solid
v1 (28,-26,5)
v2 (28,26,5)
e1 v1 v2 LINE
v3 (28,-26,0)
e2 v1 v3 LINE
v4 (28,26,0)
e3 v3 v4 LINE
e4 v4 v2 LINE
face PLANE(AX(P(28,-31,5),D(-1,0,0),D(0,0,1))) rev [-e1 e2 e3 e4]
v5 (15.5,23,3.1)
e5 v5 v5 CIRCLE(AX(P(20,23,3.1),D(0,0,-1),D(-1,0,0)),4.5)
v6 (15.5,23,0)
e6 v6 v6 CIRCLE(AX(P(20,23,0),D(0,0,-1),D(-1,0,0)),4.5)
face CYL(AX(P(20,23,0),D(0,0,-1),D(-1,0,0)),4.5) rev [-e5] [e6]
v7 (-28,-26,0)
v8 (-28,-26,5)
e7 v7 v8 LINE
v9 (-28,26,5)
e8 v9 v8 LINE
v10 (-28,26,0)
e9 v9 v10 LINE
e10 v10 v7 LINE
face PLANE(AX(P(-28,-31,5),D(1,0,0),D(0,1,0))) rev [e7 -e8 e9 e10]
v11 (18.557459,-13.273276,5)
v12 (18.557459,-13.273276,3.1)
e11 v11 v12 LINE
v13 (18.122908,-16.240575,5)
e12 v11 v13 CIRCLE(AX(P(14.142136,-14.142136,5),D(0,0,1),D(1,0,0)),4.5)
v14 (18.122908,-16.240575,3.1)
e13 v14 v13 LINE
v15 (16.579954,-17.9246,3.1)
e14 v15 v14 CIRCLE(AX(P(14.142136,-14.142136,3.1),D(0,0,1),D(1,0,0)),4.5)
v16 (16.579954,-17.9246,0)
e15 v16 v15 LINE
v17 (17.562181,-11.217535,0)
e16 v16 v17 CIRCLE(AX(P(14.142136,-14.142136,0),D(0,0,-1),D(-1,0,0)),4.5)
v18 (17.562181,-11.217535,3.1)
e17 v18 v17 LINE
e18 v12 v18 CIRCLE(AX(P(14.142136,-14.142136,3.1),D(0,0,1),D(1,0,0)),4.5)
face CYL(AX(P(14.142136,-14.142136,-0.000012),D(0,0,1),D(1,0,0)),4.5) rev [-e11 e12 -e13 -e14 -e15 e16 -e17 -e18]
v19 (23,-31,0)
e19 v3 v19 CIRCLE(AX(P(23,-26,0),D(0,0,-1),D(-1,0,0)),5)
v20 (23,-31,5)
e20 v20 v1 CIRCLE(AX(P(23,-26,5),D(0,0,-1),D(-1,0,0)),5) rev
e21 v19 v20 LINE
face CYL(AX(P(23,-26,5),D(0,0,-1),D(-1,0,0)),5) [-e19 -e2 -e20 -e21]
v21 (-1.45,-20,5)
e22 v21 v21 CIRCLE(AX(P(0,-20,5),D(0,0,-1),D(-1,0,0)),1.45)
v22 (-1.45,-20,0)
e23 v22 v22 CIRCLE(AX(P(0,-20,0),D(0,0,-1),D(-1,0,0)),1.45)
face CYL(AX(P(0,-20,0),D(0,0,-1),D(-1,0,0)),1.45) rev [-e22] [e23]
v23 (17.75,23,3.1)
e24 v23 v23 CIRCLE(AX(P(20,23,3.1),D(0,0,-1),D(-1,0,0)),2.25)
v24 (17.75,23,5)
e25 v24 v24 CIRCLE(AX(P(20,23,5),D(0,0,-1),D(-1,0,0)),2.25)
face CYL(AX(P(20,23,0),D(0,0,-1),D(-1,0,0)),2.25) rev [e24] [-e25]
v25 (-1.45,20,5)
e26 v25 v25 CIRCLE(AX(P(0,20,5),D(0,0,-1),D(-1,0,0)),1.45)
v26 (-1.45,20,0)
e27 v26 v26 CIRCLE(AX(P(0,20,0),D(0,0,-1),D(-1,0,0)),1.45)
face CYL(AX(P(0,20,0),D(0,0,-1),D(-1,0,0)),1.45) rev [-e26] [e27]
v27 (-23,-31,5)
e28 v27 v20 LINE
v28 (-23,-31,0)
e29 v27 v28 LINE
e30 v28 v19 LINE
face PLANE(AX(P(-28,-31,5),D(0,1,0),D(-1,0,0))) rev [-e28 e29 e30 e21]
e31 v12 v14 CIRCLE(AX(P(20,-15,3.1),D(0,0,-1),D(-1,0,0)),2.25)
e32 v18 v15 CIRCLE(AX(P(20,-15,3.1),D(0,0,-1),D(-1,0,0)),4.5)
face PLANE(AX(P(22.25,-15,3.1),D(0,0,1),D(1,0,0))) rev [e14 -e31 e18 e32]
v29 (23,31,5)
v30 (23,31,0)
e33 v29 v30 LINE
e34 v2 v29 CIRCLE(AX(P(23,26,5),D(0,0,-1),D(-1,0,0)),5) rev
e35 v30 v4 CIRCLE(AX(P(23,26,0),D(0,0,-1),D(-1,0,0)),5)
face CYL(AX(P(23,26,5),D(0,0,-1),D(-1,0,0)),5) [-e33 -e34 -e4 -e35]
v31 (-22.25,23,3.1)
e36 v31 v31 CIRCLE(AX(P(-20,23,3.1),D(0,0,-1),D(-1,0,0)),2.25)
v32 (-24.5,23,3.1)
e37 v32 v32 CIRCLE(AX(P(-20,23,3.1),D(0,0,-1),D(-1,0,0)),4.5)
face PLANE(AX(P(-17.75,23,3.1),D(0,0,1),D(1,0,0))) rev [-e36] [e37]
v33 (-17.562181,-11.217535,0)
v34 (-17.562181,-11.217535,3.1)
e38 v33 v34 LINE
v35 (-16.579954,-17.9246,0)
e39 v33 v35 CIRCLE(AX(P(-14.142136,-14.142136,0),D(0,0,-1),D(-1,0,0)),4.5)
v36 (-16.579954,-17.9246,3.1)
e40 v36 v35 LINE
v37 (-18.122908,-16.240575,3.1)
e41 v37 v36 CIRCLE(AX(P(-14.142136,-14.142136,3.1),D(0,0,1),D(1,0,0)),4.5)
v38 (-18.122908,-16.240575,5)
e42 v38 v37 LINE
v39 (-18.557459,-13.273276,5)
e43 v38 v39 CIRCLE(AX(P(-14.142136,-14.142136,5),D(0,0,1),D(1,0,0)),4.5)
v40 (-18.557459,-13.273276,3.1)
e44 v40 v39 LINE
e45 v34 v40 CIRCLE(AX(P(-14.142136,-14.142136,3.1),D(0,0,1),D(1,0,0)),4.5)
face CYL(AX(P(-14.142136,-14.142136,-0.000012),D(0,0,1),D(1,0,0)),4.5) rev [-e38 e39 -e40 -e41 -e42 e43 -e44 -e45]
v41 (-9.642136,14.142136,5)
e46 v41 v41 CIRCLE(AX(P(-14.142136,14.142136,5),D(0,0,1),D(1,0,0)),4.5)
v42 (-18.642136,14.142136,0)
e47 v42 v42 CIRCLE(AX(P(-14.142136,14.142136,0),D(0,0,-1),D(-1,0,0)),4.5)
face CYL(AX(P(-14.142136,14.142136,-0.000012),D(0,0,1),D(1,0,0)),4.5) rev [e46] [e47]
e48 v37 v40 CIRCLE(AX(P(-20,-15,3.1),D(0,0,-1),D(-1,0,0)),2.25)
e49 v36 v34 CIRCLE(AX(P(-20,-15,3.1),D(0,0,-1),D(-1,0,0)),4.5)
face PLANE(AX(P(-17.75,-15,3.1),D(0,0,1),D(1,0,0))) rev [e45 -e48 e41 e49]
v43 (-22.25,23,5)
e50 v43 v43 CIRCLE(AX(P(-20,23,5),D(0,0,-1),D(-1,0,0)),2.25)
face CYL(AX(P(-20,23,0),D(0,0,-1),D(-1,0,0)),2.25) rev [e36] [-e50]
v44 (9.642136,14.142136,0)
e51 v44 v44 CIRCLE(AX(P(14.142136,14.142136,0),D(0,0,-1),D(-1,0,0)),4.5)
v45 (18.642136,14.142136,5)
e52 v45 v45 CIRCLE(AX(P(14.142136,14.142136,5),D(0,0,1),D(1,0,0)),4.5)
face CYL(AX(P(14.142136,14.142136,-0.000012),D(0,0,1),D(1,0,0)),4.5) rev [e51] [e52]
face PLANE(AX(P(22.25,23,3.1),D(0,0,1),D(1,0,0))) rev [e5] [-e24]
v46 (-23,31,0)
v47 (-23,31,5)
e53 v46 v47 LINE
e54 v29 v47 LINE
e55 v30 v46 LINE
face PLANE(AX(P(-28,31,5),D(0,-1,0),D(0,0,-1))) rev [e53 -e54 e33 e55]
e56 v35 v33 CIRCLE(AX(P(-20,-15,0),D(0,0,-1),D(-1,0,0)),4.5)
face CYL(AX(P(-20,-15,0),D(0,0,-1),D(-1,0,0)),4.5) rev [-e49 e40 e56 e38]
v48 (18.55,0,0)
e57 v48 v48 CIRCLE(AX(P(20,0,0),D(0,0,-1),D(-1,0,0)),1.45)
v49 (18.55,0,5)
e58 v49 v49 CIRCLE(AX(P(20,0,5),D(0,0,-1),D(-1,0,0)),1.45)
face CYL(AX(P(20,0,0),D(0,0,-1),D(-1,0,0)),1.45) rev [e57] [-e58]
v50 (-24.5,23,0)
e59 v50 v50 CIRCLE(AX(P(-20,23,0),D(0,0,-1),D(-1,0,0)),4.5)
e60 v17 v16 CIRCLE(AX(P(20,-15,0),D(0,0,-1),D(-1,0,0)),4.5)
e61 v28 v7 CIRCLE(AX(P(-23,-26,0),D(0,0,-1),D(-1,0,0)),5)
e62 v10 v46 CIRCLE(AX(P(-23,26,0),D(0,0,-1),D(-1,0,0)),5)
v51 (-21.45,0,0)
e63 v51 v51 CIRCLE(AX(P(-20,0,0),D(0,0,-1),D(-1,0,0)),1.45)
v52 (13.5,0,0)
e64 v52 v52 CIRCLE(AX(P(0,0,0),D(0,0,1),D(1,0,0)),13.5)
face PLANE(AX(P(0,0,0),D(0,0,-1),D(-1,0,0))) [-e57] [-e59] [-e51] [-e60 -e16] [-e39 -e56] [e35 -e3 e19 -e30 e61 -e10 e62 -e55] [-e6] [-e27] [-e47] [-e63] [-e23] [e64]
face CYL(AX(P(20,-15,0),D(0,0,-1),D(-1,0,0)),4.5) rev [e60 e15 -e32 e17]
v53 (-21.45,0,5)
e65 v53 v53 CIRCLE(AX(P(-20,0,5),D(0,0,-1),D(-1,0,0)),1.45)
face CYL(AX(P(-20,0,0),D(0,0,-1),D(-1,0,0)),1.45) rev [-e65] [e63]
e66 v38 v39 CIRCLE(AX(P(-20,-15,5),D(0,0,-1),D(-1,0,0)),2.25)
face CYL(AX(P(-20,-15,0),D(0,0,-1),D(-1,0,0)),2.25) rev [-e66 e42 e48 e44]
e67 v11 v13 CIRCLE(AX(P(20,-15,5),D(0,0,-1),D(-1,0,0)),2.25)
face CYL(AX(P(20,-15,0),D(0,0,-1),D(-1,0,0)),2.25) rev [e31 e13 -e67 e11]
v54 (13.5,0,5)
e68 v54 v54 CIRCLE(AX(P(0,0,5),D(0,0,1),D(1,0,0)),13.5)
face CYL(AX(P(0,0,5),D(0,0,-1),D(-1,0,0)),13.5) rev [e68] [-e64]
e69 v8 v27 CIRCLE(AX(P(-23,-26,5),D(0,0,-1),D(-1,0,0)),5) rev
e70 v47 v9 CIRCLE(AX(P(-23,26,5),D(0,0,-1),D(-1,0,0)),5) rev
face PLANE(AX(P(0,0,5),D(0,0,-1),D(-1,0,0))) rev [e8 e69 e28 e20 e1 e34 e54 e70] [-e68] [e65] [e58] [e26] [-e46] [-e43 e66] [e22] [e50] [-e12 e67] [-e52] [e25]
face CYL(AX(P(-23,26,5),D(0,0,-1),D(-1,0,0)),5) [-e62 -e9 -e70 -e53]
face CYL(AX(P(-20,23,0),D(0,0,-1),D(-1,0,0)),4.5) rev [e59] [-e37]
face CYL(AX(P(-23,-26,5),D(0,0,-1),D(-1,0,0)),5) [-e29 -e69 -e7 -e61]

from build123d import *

# Parameters (mm, degrees)
SKETCH1_W                                        = 56
SKETCH1_H                                        = 62
SKETCH1_R                                        = 13.5
BOSS_EXTRUDE1_DEPTH                              = 5
M2_5_CLEARANCE_HOLE1_D                           = 2.9
CBORE_FOR_M4_PAN_HEAD_MACHINE_SCREW1_D           = 4.5
CBORE_FOR_M4_PAN_HEAD_MACHINE_SCREW1_CBORE_D     = 9
CBORE_FOR_M4_PAN_HEAD_MACHINE_SCREW1_CBORE_DEPTH = 3.1
FILLET1_R                                        = 5
SKETCH6_R                                        = 4.5
CUT_EXTRUDE1_DEPTH                               = 6
CUT_EXTRUDE1_DEPTH_BACK                          = 1


with BuildPart() as part:
    # Sketch1 → Boss-Extrude1 (new body)
    with BuildSketch(Plane.XY):
        Rectangle(SKETCH1_W, SKETCH1_H)
        Circle(SKETCH1_R, mode=Mode.SUBTRACT)
    extrude(amount=BOSS_EXTRUDE1_DEPTH)

    # M2.5 Clearance Hole1 (through all)
    with Locations(Plane(origin=(0, 0, 0), x_dir=(-1, 0, 0), z_dir=(0, 0, -1))):
        with Locations((0, 20), (0, -20), (20, 0), (-20, 0)):
            Hole(M2_5_CLEARANCE_HOLE1_D / 2)

    # CBORE for M4 Pan Head Machine Screw1 (through all)
    with Locations(Plane(origin=(0, 0, 0), x_dir=(-1, 0, 0), z_dir=(0, 0, -1))):
        with Locations((-20, 23), (20, 23), (20, -15), (-20, -15)):
            CounterBoreHole(CBORE_FOR_M4_PAN_HEAD_MACHINE_SCREW1_D / 2, CBORE_FOR_M4_PAN_HEAD_MACHINE_SCREW1_CBORE_D / 2, CBORE_FOR_M4_PAN_HEAD_MACHINE_SCREW1_CBORE_DEPTH)

    # Fillet1
    fillet1_edges = [part.edges().sort_by_distance(p)[0] for p in [
        (28, -31, 2.5),
        (-28, -31, 2.5),
        (-28, 31, 2.5),
        (28, 31, 2.5),
    ]]
    fillet(fillet1_edges, radius=FILLET1_R)

    # Sketch6 → Cut-Extrude1 (cut, two sides)
    with BuildSketch(Plane.XY) as cut_extrude1_sk:
        with Locations((-14.142135624, -14.142135624)):
            Circle(SKETCH6_R)
        with Locations((-14.142135624, 14.142135624)):
            Circle(SKETCH6_R)
        with Locations((14.142135624, 14.142135624)):
            Circle(SKETCH6_R)
        with Locations((14.142135624, -14.142135624)):
            Circle(SKETCH6_R)
    extrude(amount=CUT_EXTRUDE1_DEPTH, mode=Mode.SUBTRACT)
    extrude(cut_extrude1_sk.sketch, amount=-CUT_EXTRUDE1_DEPTH_BACK, mode=Mode.SUBTRACT)


solid = part.part
